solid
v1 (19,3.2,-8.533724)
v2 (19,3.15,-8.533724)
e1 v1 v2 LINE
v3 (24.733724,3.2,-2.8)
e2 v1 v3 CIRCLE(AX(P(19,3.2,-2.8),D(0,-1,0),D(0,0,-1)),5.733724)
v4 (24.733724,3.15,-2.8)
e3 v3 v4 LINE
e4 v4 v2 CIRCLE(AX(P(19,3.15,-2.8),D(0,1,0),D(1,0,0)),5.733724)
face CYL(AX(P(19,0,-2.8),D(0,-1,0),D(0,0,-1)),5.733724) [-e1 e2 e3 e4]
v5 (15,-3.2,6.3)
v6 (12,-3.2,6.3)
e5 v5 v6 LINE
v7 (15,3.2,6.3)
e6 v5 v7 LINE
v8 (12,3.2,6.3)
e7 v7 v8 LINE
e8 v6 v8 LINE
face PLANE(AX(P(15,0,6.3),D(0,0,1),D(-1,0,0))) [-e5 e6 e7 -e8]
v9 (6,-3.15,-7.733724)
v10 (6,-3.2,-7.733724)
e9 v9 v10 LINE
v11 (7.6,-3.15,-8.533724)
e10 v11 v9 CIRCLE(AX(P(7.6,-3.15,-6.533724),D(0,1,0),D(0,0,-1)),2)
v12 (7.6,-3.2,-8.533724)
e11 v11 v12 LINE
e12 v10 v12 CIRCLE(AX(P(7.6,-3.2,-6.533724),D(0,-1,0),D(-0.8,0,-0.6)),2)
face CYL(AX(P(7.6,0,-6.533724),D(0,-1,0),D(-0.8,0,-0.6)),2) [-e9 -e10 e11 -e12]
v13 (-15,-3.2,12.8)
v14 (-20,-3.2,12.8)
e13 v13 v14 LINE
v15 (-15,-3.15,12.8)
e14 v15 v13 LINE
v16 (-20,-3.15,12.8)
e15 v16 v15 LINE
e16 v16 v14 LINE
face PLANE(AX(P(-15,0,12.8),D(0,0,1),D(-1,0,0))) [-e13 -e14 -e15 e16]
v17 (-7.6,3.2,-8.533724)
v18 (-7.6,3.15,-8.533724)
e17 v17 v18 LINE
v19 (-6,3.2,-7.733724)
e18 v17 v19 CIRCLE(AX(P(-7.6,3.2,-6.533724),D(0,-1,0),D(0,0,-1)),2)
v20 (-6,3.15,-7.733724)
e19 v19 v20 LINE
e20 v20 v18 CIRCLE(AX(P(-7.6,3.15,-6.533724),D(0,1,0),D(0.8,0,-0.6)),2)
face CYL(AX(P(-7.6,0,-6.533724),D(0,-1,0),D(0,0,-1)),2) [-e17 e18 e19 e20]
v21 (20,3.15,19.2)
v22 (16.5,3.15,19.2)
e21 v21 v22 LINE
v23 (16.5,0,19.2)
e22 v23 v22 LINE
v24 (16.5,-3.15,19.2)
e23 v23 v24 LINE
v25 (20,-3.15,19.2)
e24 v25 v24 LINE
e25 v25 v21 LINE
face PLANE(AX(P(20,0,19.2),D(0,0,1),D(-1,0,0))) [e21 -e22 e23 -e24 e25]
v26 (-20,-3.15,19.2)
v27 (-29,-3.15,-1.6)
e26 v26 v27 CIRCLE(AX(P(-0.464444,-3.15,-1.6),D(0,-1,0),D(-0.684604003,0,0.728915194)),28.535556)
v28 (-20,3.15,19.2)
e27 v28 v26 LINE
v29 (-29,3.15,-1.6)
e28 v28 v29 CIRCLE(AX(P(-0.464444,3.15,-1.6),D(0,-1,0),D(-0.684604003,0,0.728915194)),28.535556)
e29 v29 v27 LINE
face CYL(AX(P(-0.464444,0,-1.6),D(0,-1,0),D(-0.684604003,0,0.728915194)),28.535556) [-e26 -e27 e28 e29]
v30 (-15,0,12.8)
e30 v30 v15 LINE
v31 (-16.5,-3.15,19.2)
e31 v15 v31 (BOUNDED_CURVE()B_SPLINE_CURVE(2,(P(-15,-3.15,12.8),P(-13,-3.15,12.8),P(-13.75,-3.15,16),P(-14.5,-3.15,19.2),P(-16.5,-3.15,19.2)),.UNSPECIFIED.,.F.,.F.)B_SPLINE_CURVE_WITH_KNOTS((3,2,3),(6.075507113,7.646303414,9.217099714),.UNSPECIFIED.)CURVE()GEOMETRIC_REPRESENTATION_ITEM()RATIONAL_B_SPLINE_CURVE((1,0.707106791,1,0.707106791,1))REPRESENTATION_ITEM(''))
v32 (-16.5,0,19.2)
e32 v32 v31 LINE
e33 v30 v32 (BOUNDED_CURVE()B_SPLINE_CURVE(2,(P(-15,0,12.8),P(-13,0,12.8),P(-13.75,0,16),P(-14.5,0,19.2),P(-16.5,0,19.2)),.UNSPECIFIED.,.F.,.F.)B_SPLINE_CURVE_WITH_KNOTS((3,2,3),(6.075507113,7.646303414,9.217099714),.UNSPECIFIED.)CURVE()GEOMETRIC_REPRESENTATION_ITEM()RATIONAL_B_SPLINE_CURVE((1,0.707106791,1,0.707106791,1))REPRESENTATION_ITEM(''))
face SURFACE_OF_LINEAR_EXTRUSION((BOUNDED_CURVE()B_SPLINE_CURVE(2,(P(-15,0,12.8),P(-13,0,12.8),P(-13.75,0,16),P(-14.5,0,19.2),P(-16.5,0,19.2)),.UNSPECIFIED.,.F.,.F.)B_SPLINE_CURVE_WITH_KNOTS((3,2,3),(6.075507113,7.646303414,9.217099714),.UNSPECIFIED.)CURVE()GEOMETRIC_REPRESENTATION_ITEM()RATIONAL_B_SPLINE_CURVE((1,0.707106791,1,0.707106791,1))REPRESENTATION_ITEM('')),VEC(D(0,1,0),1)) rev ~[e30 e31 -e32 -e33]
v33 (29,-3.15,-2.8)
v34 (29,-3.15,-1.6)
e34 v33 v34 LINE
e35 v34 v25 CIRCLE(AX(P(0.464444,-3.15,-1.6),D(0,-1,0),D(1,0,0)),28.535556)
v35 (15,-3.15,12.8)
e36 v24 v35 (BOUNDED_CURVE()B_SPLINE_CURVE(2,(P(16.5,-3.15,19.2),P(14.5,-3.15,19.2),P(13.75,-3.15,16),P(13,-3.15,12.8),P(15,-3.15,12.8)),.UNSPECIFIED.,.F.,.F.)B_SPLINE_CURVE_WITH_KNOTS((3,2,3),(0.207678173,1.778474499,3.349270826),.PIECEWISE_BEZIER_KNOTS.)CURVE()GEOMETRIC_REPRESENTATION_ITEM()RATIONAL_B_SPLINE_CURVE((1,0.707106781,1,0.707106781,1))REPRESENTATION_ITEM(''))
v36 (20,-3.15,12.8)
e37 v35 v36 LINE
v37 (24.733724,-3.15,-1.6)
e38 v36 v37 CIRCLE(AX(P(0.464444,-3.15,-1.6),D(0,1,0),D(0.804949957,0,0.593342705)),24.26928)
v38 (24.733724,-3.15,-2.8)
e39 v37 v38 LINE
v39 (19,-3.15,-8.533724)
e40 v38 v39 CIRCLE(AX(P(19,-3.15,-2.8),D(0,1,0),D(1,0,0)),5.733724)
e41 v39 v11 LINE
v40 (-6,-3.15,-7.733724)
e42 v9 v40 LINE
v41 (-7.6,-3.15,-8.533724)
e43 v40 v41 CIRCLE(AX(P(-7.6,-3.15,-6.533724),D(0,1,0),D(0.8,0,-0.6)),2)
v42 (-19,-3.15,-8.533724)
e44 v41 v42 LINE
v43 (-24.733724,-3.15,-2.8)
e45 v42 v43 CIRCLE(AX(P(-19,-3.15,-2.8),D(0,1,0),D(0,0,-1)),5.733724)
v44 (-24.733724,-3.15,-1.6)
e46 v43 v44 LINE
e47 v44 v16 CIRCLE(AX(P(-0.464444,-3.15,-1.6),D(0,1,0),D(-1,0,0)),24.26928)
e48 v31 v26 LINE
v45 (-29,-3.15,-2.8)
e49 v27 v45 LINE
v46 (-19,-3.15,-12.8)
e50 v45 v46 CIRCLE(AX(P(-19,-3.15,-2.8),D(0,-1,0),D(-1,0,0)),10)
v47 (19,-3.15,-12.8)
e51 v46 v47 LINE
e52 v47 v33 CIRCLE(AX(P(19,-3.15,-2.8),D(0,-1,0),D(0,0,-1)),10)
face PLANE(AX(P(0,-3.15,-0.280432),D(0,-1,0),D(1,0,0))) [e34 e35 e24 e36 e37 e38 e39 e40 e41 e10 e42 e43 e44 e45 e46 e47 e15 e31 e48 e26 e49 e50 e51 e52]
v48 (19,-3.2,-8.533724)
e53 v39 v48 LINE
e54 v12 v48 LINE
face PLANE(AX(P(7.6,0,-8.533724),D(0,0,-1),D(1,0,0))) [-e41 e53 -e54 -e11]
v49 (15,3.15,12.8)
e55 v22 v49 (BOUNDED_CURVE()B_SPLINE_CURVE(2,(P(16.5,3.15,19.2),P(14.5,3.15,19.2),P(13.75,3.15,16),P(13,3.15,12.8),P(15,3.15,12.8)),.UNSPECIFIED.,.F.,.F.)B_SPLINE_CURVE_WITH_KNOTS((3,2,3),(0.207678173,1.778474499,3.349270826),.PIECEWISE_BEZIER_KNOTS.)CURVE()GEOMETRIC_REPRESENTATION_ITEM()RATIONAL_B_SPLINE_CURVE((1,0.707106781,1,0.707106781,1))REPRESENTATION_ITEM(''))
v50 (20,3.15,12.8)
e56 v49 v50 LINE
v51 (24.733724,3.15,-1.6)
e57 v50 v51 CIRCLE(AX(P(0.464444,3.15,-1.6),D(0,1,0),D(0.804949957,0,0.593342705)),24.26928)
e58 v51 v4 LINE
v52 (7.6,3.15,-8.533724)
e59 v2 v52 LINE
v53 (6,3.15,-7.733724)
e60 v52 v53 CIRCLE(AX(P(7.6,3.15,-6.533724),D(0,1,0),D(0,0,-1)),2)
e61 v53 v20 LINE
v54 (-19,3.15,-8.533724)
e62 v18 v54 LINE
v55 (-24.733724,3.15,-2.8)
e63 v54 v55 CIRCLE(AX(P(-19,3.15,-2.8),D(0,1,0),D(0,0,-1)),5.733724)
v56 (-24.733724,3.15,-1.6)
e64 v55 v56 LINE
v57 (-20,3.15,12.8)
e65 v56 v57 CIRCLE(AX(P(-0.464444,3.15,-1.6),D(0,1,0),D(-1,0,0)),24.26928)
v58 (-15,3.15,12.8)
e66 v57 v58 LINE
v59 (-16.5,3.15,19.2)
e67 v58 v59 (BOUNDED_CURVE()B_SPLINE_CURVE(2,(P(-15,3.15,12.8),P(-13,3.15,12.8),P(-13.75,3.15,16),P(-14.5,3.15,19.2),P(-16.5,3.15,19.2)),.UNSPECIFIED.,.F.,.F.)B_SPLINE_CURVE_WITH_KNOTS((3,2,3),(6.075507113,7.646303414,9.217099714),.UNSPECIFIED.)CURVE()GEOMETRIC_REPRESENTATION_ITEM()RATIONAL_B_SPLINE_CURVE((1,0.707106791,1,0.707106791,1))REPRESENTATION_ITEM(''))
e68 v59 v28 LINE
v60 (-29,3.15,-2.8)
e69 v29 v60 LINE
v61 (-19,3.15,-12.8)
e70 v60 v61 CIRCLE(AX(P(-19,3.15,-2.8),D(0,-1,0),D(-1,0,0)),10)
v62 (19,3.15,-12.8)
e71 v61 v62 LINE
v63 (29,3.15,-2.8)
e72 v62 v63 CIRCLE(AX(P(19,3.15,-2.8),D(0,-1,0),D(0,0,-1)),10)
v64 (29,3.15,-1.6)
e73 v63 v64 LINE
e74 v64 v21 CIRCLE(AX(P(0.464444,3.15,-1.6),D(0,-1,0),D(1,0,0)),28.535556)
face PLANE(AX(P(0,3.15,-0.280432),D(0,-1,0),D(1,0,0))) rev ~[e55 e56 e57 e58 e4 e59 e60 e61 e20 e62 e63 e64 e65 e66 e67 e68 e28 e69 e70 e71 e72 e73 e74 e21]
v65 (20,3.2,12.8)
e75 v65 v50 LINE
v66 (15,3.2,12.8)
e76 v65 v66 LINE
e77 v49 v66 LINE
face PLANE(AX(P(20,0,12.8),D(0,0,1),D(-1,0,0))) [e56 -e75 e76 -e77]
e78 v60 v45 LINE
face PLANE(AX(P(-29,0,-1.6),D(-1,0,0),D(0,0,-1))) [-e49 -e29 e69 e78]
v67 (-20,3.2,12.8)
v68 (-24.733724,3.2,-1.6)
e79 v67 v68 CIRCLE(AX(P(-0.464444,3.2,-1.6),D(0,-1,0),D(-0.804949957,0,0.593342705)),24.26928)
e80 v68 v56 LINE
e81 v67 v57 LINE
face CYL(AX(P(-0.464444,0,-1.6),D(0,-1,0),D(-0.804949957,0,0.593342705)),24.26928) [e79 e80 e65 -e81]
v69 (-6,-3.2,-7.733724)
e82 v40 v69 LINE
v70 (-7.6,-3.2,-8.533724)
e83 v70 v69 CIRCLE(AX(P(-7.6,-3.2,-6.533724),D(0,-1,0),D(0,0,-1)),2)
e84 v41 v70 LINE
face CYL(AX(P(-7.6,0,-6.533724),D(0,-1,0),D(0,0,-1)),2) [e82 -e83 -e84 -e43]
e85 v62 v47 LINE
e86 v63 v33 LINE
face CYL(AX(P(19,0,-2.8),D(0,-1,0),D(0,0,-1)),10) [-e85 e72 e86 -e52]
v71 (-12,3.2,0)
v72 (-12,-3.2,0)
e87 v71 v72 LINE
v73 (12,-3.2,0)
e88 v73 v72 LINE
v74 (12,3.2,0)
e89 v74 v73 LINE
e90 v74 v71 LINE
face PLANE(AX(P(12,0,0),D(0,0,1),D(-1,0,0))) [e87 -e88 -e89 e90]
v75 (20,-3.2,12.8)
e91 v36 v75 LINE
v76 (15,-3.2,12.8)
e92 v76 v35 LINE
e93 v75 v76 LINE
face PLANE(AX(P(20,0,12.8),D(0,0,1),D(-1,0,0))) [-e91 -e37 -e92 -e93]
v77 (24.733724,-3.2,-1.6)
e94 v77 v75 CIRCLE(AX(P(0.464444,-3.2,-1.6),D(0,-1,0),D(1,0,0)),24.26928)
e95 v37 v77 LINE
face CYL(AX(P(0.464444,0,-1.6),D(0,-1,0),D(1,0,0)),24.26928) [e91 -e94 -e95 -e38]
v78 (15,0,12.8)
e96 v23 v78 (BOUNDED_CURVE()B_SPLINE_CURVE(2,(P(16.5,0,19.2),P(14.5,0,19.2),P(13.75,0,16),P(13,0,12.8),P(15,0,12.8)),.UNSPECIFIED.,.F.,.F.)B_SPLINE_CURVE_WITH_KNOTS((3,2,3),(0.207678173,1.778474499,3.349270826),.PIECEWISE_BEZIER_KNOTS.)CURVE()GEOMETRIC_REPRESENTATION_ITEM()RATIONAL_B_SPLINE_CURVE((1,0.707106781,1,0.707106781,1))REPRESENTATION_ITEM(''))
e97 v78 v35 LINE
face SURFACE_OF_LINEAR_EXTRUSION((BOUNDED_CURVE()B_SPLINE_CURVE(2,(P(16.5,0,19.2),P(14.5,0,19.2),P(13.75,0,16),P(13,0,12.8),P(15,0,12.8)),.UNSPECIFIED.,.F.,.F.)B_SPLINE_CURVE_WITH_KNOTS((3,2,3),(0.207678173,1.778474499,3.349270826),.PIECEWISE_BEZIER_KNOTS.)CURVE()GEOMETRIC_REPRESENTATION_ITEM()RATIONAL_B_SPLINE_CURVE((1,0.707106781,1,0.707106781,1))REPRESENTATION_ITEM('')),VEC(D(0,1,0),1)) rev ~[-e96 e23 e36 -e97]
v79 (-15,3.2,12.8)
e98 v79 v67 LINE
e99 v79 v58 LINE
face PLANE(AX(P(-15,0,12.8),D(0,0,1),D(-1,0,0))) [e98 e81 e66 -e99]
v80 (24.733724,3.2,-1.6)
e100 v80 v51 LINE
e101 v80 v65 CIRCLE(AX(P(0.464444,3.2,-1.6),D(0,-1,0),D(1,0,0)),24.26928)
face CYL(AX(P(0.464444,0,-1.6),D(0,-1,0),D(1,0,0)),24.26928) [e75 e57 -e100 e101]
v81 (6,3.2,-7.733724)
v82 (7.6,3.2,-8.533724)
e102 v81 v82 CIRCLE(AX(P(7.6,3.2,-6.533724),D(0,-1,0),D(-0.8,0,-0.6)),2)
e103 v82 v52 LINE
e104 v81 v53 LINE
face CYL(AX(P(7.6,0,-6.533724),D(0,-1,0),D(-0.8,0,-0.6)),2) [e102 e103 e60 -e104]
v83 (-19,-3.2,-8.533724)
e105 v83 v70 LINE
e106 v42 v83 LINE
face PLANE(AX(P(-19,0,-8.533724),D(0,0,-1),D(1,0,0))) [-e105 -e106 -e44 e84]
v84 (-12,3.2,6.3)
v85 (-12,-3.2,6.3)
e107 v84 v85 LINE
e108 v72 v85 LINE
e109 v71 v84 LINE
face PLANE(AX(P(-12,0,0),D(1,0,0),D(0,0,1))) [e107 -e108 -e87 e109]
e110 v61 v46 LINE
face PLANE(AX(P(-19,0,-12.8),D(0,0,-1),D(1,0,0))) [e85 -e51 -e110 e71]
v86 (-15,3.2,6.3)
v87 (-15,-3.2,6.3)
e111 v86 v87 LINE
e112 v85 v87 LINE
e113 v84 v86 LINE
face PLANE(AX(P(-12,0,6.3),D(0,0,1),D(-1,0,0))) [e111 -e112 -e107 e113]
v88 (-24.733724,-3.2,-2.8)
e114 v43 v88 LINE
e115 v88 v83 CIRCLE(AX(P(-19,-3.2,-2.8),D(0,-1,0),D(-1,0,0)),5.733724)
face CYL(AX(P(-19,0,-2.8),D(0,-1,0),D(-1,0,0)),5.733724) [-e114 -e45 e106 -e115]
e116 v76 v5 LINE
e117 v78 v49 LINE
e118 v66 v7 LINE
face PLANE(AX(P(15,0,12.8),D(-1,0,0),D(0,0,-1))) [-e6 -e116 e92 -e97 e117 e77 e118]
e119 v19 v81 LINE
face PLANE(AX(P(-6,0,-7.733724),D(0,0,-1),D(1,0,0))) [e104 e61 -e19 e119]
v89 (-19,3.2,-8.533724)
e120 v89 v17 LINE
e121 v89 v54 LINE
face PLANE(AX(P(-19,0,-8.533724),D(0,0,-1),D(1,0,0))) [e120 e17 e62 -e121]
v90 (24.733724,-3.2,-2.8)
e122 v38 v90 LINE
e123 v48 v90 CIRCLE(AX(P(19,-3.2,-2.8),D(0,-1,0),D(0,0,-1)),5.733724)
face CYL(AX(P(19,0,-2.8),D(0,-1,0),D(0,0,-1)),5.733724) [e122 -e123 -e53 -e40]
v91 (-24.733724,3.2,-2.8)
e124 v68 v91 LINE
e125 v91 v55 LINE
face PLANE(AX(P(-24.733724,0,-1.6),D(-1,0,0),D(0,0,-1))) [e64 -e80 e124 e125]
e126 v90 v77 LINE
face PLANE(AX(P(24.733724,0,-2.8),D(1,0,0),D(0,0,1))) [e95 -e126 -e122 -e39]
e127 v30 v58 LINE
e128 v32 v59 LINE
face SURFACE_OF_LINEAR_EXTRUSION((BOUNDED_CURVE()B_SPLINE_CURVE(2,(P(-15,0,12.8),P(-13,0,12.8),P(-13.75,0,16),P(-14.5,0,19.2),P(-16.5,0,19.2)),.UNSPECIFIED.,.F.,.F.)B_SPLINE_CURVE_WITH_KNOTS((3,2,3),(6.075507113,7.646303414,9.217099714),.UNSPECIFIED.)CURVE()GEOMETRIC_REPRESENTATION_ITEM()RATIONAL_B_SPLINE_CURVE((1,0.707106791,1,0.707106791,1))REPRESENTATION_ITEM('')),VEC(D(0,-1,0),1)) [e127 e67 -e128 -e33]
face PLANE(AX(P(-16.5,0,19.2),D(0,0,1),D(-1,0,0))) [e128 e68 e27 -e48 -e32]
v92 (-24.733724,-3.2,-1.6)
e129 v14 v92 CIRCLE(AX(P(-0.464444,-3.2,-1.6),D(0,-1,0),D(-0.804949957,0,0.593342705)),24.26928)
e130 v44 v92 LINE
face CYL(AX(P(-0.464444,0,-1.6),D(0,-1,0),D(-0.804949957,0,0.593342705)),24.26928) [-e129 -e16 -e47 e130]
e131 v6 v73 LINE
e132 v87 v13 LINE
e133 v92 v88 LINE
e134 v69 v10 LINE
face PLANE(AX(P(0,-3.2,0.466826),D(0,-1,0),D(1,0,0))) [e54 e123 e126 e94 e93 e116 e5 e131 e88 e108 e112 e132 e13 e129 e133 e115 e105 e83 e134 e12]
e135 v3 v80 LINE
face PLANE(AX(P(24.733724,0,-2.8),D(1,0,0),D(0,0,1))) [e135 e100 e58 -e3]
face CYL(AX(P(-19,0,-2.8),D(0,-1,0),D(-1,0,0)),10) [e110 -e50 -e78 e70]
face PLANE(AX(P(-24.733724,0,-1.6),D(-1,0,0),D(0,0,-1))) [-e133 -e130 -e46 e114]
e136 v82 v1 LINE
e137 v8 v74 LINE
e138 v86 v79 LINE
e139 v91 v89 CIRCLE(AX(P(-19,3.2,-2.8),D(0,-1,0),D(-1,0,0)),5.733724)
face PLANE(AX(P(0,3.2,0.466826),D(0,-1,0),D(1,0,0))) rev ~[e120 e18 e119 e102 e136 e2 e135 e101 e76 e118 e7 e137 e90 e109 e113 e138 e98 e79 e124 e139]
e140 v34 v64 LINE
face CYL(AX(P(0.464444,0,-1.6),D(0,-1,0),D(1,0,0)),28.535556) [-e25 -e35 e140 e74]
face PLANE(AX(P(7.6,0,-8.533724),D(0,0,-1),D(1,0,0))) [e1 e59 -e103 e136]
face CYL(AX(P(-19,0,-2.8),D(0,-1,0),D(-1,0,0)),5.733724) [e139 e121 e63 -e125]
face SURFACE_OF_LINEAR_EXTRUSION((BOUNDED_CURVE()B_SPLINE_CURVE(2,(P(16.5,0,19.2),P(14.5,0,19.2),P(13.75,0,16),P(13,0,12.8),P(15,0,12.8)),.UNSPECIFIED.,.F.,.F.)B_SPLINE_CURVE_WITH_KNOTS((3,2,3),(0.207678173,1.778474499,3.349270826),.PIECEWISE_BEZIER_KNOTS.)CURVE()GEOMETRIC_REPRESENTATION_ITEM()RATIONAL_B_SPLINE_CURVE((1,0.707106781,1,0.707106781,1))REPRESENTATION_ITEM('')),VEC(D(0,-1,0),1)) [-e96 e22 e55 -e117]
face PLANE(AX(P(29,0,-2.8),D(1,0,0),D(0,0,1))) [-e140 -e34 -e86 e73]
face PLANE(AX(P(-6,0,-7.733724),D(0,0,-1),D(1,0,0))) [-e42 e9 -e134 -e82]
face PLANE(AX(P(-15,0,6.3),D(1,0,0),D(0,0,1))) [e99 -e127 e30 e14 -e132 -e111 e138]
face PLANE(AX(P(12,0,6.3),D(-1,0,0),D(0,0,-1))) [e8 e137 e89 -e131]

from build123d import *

# Parameters (mm, degrees)
F2_DEPTH = 3.2
F3_DEPTH = 3.15


with BuildPart() as f2:
    # F1 (on Front) → F2 (new body, symmetric)
    with BuildSketch(Plane.XZ):
        with BuildLine():
            Line((12, 6.3), (12, 0))
            Line((12, 0), (-12, 0))
            Line((-12, 0), (-12, 6.3))
            Line((-12, 6.3), (-15, 6.3))
            Line((-15, 6.3), (-15, 12.8))
            Line((-15, 12.8), (-20, 12.8))
            ThreePointArc((-20, 12.8), (-23.5199404292, 5.9790524317), (-24.7337240148, -1.6))
            Line((-24.7337240148, -1.6), (-24.7337240148, -2.8))
            ThreePointArc((-24.7337240148, -2.8), (-23.0543551323, -6.8543551323), (-19, -8.5337240148))
            Line((-19, -8.5337240148), (-7.6, -8.5337240148))
            ThreePointArc((-7.6, -8.5337240148), (-6.705572809, -8.3225783968), (-6, -7.7337240148))
            Line((-6, -7.7337240148), (6, -7.7337240148))
            ThreePointArc((6, -7.7337240148), (6.705572809, -8.3225783968), (7.6, -8.5337240148))
            Line((7.6, -8.5337240148), (19, -8.5337240148))
            ThreePointArc((19, -8.5337240148), (23.0543551323, -6.8543551323), (24.7337240148, -2.8))
            Line((24.7337240148, -2.8), (24.7337240148, -1.6))
            ThreePointArc((24.7337240148, -1.6), (23.5199404292, 5.9790524317), (20, 12.8))
            Line((20, 12.8), (15, 12.8))
            Line((15, 12.8), (15, 6.3))
            Line((15, 6.3), (12, 6.3))
        make_face()
    extrude(amount=F2_DEPTH, both=True)

    # F1 (on Front) → F3 (join, symmetric)
    with BuildSketch(Plane.XZ):
        with BuildLine():
            add(Edge.make_bspline(
                [(16.5, 19.2), (14.5000000527, 19.2), (13.7500000527, 16), (13.0000000527, 12.8), (15, 12.8)],
                knots=[0.2076781727, 0.2076781727, 0.2076781727, 1.7784744995, 1.7784744995, 3.3492708263, 3.3492708263, 3.3492708263], degree=2, weights=[1, 0.7071067812, 1, 0.7071067812, 1]))
            Line((15, 12.8), (20, 12.8))
            ThreePointArc((20, 12.8), (23.5199404292, 5.9790524317), (24.7337240148, -1.6))
            Line((24.7337240148, -1.6), (24.7337240148, -2.8))
            ThreePointArc((24.7337240148, -2.8), (23.0543551323, -6.8543551323), (19, -8.5337240148))
            Line((19, -8.5337240148), (7.6, -8.5337240148))
            ThreePointArc((7.6, -8.5337240148), (6.705572809, -8.3225783968), (6, -7.7337240148))
            Line((6, -7.7337240148), (-6, -7.7337240148))
            ThreePointArc((-6, -7.7337240148), (-6.705572809, -8.3225783968), (-7.6, -8.5337240148))
            Line((-7.6, -8.5337240148), (-19, -8.5337240148))
            ThreePointArc((-19, -8.5337240148), (-23.0543551323, -6.8543551323), (-24.7337240148, -2.8))
            Line((-24.7337240148, -2.8), (-24.7337240148, -1.6))
            ThreePointArc((-24.7337240148, -1.6), (-23.5199404292, 5.9790524317), (-20, 12.8))
            Line((-20, 12.8), (-15, 12.8))
            add(Edge.make_bspline(
                [(-14.9999999473, 12.8), (-13, 12.8), (-13.7499999802, 15.9999999157), (-14.4999999605, 19.1999998315), (-16.4999999473, 19.2)],
                knots=[6.0755071131, 6.0755071131, 6.0755071131, 7.6463034136, 7.6463034136, 9.217099714, 9.217099714, 9.217099714], degree=2, weights=[1, 0.7071067905, 1, 0.7071067905, 1]))
            Line((-16.5, 19.2), (-20, 19.2))
            ThreePointArc((-20, 19.2), (-26.653524819, 9.7318136236), (-29, -1.6))
            Line((-29, -1.6), (-29, -2.8))
            ThreePointArc((-29, -2.8), (-26.0710678119, -9.8710678119), (-19, -12.8))
            Line((-19, -12.8), (19, -12.8))
            ThreePointArc((19, -12.8), (26.0710678119, -9.8710678119), (29, -2.8))
            Line((29, -2.8), (29, -1.6))
            ThreePointArc((29, -1.6), (26.653524819, 9.7318136236), (20, 19.2))
            Line((20, 19.2), (16.5, 19.2))
        make_face()
    extrude(amount=F3_DEPTH, both=True)


solid = f2.part
